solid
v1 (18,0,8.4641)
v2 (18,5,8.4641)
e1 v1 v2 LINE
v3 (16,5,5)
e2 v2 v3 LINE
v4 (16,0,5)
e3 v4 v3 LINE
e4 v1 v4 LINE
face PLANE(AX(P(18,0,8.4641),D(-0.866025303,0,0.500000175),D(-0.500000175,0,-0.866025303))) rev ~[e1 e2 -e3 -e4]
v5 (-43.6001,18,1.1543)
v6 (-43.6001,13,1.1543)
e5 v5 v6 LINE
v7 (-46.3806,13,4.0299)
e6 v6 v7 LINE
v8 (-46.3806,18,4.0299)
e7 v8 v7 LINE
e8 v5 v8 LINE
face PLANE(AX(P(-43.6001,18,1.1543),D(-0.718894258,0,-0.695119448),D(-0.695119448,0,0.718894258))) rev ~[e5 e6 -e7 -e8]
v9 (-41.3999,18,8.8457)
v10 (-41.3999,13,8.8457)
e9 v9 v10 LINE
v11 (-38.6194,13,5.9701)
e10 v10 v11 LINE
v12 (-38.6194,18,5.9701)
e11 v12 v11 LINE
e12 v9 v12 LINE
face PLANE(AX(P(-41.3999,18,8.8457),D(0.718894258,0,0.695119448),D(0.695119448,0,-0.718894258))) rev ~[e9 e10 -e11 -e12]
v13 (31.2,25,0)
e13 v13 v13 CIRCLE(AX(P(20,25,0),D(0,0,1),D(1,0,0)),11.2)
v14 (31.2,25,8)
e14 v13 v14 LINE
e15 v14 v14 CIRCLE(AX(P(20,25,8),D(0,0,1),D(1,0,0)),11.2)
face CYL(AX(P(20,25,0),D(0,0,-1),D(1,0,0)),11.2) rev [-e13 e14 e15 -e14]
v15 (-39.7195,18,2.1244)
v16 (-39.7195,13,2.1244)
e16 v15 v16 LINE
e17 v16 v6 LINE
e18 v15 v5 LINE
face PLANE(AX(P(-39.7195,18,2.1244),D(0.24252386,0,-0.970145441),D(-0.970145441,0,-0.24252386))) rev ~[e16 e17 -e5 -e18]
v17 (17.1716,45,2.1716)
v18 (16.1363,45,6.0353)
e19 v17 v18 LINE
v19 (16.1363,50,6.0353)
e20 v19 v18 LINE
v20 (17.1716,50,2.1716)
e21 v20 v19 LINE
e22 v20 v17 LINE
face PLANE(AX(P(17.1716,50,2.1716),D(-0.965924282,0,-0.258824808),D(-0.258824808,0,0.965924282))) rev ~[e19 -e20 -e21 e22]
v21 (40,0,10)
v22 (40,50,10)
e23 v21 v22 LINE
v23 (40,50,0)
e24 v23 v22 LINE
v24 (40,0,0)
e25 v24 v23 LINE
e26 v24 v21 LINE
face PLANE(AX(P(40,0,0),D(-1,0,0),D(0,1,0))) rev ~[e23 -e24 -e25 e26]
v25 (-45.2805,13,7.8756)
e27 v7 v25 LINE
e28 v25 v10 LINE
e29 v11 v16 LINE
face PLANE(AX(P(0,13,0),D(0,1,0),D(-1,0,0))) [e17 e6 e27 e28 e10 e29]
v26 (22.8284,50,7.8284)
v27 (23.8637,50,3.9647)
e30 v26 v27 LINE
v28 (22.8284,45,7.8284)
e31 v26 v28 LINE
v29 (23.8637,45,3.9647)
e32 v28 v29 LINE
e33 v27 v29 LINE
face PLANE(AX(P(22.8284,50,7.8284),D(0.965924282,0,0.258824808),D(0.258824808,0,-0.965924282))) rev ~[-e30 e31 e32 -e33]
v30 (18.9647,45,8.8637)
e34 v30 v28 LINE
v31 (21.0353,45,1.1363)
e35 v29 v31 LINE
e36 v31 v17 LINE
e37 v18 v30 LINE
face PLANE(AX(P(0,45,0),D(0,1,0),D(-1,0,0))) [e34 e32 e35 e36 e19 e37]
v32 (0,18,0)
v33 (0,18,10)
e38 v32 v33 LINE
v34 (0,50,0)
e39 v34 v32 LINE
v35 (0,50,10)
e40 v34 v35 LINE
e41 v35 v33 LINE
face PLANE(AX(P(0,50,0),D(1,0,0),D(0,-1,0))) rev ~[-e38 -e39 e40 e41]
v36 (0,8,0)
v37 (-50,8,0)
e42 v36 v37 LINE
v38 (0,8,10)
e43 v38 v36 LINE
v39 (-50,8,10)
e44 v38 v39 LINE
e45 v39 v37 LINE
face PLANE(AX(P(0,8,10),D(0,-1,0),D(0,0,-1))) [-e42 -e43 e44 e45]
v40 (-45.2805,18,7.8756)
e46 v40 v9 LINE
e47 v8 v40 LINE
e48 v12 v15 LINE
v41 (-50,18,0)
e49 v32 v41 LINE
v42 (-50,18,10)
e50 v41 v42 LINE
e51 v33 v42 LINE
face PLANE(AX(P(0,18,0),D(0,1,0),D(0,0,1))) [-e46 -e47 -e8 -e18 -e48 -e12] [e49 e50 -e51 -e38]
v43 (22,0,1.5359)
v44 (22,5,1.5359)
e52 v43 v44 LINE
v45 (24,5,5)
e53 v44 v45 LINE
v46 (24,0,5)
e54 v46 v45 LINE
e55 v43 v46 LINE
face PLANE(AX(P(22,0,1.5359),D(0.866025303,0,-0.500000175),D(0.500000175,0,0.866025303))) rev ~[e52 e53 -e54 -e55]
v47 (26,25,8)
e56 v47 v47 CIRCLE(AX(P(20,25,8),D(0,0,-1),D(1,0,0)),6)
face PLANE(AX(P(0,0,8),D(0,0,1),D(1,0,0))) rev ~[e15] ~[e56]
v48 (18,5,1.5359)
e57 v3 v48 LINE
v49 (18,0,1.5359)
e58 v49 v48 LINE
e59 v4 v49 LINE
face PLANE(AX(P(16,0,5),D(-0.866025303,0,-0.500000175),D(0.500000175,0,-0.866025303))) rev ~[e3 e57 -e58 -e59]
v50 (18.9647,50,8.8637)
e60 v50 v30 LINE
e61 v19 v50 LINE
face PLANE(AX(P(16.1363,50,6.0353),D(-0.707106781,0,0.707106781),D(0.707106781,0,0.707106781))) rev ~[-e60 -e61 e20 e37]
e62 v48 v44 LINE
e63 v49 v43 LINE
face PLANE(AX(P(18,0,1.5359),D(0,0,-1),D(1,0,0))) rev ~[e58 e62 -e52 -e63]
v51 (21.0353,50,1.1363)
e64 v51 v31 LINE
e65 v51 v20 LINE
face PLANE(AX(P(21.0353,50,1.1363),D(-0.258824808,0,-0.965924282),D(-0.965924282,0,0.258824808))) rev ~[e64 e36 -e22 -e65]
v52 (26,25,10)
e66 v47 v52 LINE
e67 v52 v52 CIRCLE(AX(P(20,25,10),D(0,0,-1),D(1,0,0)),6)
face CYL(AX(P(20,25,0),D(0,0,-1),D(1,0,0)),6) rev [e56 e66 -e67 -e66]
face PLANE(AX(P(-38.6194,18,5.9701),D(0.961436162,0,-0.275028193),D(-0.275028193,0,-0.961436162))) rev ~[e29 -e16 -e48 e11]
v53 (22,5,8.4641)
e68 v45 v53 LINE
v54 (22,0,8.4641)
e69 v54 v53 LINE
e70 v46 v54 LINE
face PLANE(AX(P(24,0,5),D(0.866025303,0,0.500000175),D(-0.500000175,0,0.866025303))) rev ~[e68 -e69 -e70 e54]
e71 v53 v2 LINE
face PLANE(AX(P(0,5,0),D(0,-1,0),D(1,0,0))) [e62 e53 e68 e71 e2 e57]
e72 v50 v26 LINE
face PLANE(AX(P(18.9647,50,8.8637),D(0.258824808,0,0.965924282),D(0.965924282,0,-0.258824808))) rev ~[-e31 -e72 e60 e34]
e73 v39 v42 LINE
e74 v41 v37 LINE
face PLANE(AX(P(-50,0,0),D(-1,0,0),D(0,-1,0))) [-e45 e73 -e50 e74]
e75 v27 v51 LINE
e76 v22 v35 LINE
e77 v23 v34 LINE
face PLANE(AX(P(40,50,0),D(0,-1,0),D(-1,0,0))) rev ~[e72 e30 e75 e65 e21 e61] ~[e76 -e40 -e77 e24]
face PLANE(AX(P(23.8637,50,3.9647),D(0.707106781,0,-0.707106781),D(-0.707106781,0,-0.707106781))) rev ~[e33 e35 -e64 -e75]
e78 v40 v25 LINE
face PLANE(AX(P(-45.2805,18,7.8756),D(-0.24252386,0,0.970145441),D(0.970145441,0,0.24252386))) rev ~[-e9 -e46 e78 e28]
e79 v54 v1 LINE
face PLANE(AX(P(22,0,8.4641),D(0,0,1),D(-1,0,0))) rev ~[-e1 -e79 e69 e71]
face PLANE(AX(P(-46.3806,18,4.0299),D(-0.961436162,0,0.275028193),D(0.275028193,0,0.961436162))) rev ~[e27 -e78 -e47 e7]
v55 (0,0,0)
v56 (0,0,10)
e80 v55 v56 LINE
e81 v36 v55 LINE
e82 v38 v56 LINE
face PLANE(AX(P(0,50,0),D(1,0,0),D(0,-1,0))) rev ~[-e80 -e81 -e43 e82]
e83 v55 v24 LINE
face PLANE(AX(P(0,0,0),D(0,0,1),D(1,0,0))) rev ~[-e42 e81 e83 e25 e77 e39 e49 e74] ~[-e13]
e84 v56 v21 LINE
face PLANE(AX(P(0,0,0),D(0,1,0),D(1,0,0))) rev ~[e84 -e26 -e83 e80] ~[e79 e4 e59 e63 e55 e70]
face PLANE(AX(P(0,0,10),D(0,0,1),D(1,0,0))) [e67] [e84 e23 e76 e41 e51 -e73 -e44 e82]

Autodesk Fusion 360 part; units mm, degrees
sketch "Top" plane through (0, 0, 0) normal (0, 0, 1) x (1, 0, 0)
  line L0 (0, 0) -> (40, 0)
  line L1 (40, 0) -> (40, 50)
  line L2 (40, 50) -> (0, 50)
  line L3 (0, 50) -> (0, 0)
  circle A0 centre (20, 25) radius 11.2
  circle A1 centre (20, 25) radius 6
  dimension "d6" = 40
  dimension "d7" = 50
  dimension "d11" = 22.4
  dimension "d12" = 25
  dimension "d13" = 20
  dimension "d27" = 12
extrude "Extrude1" add sketch "Top" along normal blind 10 contours L0 L1 L2 L3 | A0 | A1
extrude "Extrude2" cut sketch "Top" along normal blind 8 contours A0 | A1
extrude "Extrude5" cut sketch "Top" along normal blind 110 contours A1
sketch "Sketch3" plane through (0, 0, 0) normal (0, -1, 0) x (1, 0, 0)
  line L0 (0, 0) -> (40, 0)
  line L1 (40, 0) -> (40, 10)
  line L2 (40, 10) -> (0, 10)
  line L3 (0, 10) -> (0, 0)
  line L4 (24, 5) -> (22, 8.4641)
  line L5 (22, 8.4641) -> (18, 8.4641)
  line L6 (18, 8.4641) -> (16, 5)
  line L7 (16, 5) -> (18, 1.5359)
  line L8 (18, 1.5359) -> (22, 1.5359)
  line L9 (22, 1.5359) -> (24, 5)
  point P0 (20, 5)
  dimension "d34" = 4
  dimension "d37" = 20
  dimension "d38" = 5
extrude "Extrude6" cut sketch "Sketch3" against normal blind 5 contours L4 L5 L6 L7 L8 L9
sketch "Sketch4" plane through (0, 50, 0) normal (0, 1, 0) x (-1, 0, 0)
  line L0 (-40, 0) -> (0, 0)
  line L1 (0, 0) -> (0, 10)
  line L2 (0, 10) -> (-40, 10)
  line L3 (-40, 10) -> (-40, 0)
  line L4 (-22.8284, 7.8284) -> (-23.8637, 3.9647)
  line L5 (-23.8637, 3.9647) -> (-21.0353, 1.1363)
  line L6 (-21.0353, 1.1363) -> (-17.1716, 2.1716)
  line L7 (-17.1716, 2.1716) -> (-16.1363, 6.0353)
  line L8 (-16.1363, 6.0353) -> (-18.9647, 8.8637)
  line L9 (-18.9647, 8.8637) -> (-22.8284, 7.8284)
  point P0 (-20, 5)
  dimension "d39" = 4
  dimension "d42" = 20
  dimension "d43" = 5
extrude "Extrude7" cut sketch "Sketch4" against normal blind 5 contours L4 L5 L6 L7 L8 L9
sketch "Sketch5" plane through (0, 0, 0) normal (-1, 0, 0) x (0, -1, 0)
  line L0 (-50, 0) -> (0, 0)
  line L1 (0, 0) -> (0, 10)
  line L2 (0, 10) -> (-50, 10)
  line L3 (-50, 10) -> (-50, 0)
  line L4 (-18, 10) -> (-8, 10)
  line L5 (-8, 10) -> (-8, 0)
  line L6 (-8, 0) -> (-18, 0)
  line L7 (-18, 0) -> (-18, 10)
  dimension "d50" = 10
  dimension "d51" = 10
  dimension "d52" = 32
extrude "Extrude8" add sketch "Sketch5" along normal blind 50 contours L0 L2 L4 L5 L6 L7
sketch "Sketch9" plane through (0, 18, 0) normal (0, 1, 0) x (-1, 0, 0)
  line L0 (0, 10) -> (0, 0)
  line L1 (0, 0) -> (50, 0)
  line L2 (50, 0) -> (50, 10)
  line L3 (50, 10) -> (0, 10)
  line L4 (46.3806, 4.0299) -> (45.2805, 7.8756)
  line L5 (45.2805, 7.8756) -> (41.3999, 8.8457)
  line L6 (41.3999, 8.8457) -> (38.6194, 5.9701)
  line L7 (38.6194, 5.9701) -> (39.7195, 2.1244)
  line L8 (39.7195, 2.1244) -> (43.6001, 1.1543)
  line L9 (43.6001, 1.1543) -> (46.3806, 4.0299)
  point P0 (42.5, 5)
  dimension "d79" = 4
  dimension "d80" = 7.5
  dimension "d81" = 5
extrude "Extrude12" cut sketch "Sketch9" against normal blind 5 contours L4 L5 L6 L7 L8 L9
equation "length = 50 mm"
equation "width = 40 mm"
equation "thickness = 10 mm"
equation "extra = 100 mm"
equation "fit_gap = 0.2 mm"
equation "d6 = width"
equation "d7 = length"
equation "d8 = thickness"
equation "big_bearing_outer_radius = 11.1 mm"
equation "d11 = ( big_bearing_outer_radius * 2 ) + fit_gap"
equation "d12 = length / 2"
equation "d13 = width / 2"
equation "d14 = thickness - 2 mm"
equation "big_bearing_inner_radius = ( 8 mm + 4 mm ) / 2"
equation "d27 = big_bearing_inner_radius * 2"
equation "d28 = thickness + extra"
equation "polygon_dowel_hole_side_length = 4 mm"
equation "polygon_dowel_hole_side_height = 5 mm"
equation "polygon_dowel_hole_big_distance = width / 2"
equation "polygon_dowel_hole_small_distance = thickness / 2"
equation "d34 = polygon_dowel_hole_side_length"
equation "d35 = -polygon_dowel_hole_side_height"
equation "d37 = polygon_dowel_hole_big_distance"
equation "d38 = polygon_dowel_hole_small_distance"
equation "d39 = polygon_dowel_hole_side_length"
equation "d40 = -polygon_dowel_hole_side_height"
equation "d42 = polygon_dowel_hole_big_distance"
equation "d43 = polygon_dowel_hole_small_distance"
equation "ackerman_bracket_length = 50 mm"
equation "ackerman_bracket_width = 10 mm"
equation "ackerman_bracket_big_distance = 4 * ( length - ackerman_bracket_width ) / 5"
equation "d50 = ackerman_bracket_width"
equation "d51 = ackerman_bracket_width"
equation "d52 = ackerman_bracket_big_distance"
equation "d53 = ackerman_bracket_length"
equation "ackerman_bracket_dowel_width = 6 mm"
equation "d79 = polygon_dowel_hole_side_length"
equation "d80 = polygon_dowel_hole_small_distance + ( polygon_dowel_hole_small_distance / 2 )"
equation "d81 = polygon_dowel_hole_small_distance"
equation "d82 = -polygon_dowel_hole_side_height"
